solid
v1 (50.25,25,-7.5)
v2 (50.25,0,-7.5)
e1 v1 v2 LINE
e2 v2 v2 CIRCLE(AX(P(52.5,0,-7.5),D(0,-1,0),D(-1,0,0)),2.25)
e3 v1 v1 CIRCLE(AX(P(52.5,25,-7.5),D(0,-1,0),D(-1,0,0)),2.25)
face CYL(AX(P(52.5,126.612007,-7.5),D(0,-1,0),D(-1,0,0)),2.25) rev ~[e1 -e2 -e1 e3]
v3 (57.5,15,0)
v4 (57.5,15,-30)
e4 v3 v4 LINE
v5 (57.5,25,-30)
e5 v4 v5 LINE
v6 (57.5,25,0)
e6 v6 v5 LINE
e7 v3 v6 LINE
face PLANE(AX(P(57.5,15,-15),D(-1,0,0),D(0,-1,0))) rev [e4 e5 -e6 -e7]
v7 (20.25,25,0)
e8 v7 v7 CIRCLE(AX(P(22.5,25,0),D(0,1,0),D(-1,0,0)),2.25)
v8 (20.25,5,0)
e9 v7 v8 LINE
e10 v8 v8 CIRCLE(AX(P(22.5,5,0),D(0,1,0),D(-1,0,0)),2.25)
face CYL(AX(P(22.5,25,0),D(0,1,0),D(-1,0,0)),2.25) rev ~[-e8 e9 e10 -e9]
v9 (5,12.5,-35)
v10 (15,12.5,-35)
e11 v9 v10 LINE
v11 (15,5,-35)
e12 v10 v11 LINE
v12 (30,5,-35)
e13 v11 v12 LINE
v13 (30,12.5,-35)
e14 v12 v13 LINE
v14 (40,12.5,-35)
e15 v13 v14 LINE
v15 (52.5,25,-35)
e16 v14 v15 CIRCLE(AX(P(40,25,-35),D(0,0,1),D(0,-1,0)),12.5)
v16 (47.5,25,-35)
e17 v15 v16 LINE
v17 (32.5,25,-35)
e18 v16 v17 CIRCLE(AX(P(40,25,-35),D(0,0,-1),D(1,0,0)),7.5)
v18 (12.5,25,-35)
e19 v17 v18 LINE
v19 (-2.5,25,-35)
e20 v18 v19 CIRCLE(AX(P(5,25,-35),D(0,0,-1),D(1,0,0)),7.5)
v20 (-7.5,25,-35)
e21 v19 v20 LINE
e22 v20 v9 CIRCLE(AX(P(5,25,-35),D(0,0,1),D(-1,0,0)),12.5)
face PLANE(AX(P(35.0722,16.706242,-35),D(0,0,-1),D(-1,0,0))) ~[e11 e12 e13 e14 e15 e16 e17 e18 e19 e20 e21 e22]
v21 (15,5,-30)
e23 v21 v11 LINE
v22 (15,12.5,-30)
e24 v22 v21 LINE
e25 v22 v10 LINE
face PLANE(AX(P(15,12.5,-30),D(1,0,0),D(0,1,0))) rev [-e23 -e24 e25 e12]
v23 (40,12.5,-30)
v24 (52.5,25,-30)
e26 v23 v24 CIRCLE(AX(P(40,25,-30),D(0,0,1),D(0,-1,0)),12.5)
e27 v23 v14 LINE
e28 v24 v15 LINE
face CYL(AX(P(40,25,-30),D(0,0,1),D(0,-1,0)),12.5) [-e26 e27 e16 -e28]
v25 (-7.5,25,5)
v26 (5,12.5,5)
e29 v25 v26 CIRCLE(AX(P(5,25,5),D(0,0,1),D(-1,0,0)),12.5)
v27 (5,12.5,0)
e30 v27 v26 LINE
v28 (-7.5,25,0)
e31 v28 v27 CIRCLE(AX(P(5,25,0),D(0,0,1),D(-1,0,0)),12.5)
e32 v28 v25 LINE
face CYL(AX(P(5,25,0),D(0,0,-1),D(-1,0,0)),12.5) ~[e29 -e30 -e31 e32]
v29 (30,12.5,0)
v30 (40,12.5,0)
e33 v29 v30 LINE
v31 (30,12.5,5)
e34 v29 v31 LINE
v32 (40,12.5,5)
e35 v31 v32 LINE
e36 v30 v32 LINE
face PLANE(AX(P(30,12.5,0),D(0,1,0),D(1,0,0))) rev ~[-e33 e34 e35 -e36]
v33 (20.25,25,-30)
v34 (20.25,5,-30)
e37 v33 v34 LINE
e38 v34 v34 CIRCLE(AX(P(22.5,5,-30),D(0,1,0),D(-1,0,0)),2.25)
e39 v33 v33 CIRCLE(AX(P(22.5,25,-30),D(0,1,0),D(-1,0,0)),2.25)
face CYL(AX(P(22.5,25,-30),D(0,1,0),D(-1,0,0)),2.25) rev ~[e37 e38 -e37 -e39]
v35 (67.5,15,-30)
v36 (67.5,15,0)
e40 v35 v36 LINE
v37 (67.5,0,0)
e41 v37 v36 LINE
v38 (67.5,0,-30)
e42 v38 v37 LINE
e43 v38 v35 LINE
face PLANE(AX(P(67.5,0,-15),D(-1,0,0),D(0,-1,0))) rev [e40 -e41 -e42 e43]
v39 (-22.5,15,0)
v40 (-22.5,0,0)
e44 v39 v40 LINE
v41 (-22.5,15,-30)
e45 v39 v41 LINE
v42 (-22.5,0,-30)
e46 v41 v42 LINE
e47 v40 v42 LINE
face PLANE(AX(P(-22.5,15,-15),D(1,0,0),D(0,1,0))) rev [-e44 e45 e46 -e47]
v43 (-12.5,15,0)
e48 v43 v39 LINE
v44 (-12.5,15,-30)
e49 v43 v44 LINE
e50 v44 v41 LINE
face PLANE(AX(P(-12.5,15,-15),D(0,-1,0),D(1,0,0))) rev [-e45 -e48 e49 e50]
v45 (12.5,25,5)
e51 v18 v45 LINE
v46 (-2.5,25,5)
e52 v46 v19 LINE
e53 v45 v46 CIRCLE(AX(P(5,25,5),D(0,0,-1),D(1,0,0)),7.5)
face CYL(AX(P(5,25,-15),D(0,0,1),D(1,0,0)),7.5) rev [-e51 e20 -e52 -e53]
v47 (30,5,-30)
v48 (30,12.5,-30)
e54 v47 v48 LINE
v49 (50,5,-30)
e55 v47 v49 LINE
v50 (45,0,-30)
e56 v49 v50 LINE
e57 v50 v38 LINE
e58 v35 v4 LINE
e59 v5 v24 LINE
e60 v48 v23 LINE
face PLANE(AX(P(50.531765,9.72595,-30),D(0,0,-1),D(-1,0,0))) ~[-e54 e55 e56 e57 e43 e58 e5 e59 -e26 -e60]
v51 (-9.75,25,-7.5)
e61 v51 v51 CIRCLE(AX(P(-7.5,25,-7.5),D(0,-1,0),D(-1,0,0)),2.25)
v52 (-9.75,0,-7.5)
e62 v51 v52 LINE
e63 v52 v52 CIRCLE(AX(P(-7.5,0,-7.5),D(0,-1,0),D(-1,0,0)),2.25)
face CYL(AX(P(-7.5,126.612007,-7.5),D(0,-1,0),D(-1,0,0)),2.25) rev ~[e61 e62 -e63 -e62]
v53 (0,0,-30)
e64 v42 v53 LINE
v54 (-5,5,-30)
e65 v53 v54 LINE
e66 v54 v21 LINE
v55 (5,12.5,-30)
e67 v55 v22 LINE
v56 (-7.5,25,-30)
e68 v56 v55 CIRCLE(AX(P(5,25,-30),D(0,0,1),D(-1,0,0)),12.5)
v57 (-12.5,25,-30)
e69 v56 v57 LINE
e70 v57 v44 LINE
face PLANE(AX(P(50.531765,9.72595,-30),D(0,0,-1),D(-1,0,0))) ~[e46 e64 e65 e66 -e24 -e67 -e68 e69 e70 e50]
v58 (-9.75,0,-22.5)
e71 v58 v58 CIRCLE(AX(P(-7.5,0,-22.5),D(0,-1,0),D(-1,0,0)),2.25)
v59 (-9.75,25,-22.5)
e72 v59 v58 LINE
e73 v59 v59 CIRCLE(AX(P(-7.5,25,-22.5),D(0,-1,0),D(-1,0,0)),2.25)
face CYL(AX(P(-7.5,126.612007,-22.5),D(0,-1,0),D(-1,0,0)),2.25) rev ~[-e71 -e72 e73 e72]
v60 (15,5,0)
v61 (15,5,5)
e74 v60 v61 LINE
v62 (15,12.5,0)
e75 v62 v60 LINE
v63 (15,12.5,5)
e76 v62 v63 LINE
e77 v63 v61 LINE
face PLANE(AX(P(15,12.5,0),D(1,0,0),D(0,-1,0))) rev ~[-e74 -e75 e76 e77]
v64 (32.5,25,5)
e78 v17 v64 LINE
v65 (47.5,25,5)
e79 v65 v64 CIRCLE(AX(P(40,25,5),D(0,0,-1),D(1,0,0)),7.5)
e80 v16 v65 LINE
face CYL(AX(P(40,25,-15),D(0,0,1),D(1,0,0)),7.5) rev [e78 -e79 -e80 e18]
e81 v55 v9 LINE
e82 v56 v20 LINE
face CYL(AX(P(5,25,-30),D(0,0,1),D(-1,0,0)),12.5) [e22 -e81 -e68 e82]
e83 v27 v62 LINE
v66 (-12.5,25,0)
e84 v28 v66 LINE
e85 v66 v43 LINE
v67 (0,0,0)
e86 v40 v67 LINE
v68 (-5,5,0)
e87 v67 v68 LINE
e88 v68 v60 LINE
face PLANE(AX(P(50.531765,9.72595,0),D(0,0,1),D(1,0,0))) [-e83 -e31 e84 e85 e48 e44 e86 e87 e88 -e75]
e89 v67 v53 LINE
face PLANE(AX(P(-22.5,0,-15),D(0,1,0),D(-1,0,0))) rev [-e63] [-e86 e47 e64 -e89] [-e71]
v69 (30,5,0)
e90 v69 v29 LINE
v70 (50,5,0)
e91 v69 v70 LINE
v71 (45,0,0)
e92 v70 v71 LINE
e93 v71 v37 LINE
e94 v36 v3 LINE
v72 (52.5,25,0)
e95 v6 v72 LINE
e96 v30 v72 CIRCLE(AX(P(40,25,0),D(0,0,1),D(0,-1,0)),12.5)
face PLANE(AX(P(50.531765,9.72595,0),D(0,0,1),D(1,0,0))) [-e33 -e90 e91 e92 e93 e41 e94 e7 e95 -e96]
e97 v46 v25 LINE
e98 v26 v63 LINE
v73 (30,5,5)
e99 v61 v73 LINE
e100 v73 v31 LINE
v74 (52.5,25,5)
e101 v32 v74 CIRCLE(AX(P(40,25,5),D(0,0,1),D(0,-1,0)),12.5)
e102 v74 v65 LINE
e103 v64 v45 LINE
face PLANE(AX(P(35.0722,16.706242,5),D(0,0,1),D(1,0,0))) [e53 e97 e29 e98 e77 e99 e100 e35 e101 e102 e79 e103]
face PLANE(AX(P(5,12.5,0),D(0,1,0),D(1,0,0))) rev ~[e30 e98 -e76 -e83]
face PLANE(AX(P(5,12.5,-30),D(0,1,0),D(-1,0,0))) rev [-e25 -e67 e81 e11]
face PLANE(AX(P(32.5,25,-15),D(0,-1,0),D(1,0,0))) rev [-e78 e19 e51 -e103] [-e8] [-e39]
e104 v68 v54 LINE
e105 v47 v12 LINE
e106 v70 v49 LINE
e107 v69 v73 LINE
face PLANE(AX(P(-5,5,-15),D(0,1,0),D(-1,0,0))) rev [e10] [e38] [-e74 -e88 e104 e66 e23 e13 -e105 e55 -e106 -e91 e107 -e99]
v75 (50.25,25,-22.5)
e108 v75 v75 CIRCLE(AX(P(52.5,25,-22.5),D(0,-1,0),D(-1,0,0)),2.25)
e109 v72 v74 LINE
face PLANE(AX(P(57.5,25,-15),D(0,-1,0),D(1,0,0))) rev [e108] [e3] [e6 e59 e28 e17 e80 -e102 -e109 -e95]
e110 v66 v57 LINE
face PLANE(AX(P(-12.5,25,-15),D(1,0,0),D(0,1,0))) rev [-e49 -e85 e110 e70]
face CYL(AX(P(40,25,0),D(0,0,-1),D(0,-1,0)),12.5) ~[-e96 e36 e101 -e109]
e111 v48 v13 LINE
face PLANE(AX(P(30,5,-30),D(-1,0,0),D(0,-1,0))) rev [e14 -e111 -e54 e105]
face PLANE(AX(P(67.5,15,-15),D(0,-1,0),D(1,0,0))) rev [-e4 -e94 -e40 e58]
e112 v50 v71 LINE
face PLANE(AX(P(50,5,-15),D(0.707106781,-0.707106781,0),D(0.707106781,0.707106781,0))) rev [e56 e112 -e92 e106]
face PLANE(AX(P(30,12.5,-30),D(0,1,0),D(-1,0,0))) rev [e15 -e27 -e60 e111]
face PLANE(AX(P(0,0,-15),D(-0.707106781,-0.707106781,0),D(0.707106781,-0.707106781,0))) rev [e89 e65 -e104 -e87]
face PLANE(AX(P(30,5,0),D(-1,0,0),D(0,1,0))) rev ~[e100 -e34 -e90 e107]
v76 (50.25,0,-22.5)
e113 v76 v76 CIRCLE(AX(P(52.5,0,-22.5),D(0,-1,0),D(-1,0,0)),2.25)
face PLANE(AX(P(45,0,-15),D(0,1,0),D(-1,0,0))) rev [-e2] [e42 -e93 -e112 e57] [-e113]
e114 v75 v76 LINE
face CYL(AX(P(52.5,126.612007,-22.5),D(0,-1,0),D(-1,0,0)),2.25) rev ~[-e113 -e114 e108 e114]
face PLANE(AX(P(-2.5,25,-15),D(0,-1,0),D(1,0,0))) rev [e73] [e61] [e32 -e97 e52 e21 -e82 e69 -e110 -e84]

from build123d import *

# Parameters (mm, degrees)
BOSS_EXTRUDE1_DEPTH   = 5
BOSS_EXTRUDE2_START   = -15
BOSS_EXTRUDE2_DEPTH   = 15
F_1_0MM_DOWEL_HOLE1_D = 4.5
SKETCH5_R             = 2.25
CUT_EXTRUDE1_DEPTH    = 81.039052968


with BuildPart() as part:
    # Sketch1 → Boss-Extrude1 (new body)
    with BuildSketch(Plane.XY):
        with BuildLine():
            Line((22.5, 25), (22.5, 5))
            Line((22.5, 5), (30, 5))
            Line((30, 5), (30, 12.5))
            Line((30, 12.5), (40, 12.5))
            ThreePointArc((40, 12.5), (48.838834765, 16.161165235), (52.5, 25))
            Line((52.5, 25), (47.5, 25))
            ThreePointArc((47.5, 25), (40, 17.5), (32.5, 25))
            Line((32.5, 25), (22.5, 25))
        make_face()
        with BuildLine():
            Line((15, 12.5), (15, 5))
            Line((15, 5), (22.5, 5))
            Line((22.5, 5), (22.5, 25))
            Line((22.5, 25), (12.5, 25))
            ThreePointArc((12.5, 25), (5, 17.5), (-2.5, 25))
            Line((-2.5, 25), (-7.5, 25))
            ThreePointArc((-7.5, 25), (-3.838834765, 16.161165235), (5, 12.5))
            Line((5, 12.5), (15, 12.5))
        make_face()
    extrude(amount=BOSS_EXTRUDE1_DEPTH)

    # Sketch1<3> → Boss-Extrude2 (add)
    with BuildSketch(Plane.XY.offset(BOSS_EXTRUDE2_START)):
        with BuildLine():
            Line((30, 12.5), (30, 5))
            Line((30, 5), (50, 5))
            Line((50, 5), (45, 0))
            Line((45, 0), (67.5, 0))
            Line((67.5, 0), (67.5, 15))
            Line((67.5, 15), (57.5, 15))
            Line((57.5, 15), (57.5, 25))
            Line((57.5, 25), (52.5, 25))
            ThreePointArc((52.5, 25), (48.838834765, 16.161165235), (40, 12.5))
            Line((40, 12.5), (30, 12.5))
        make_face()
        with BuildLine():
            Line((-22.5, 0), (0, 0))
            Line((0, 0), (-5, 5))
            Line((-5, 5), (15, 5))
            Line((15, 5), (15, 12.5))
            Line((15, 12.5), (5, 12.5))
            ThreePointArc((5, 12.5), (-3.838834765, 16.161165235), (-7.5, 25))
            Line((-7.5, 25), (-12.5, 25))
            Line((-12.5, 25), (-12.5, 15))
            Line((-12.5, 15), (-22.5, 15))
            Line((-22.5, 15), (-22.5, 0))
        make_face()
        with BuildLine():
            Line((15, 12.5), (15, 5))
            Line((15, 5), (22.5, 5))
            Line((22.5, 5), (22.5, 25))
            Line((22.5, 25), (12.5, 25))
            ThreePointArc((12.5, 25), (5, 17.5), (-2.5, 25))
            Line((-2.5, 25), (-7.5, 25))
            ThreePointArc((-7.5, 25), (-3.838834765, 16.161165235), (5, 12.5))
            Line((5, 12.5), (15, 12.5))
        make_face()
        with BuildLine():
            Line((22.5, 25), (22.5, 5))
            Line((22.5, 5), (30, 5))
            Line((30, 5), (30, 12.5))
            Line((30, 12.5), (40, 12.5))
            ThreePointArc((40, 12.5), (48.838834765, 16.161165235), (52.5, 25))
            Line((52.5, 25), (47.5, 25))
            ThreePointArc((47.5, 25), (40, 17.5), (32.5, 25))
            Line((32.5, 25), (22.5, 25))
        make_face()
    extrude(amount=BOSS_EXTRUDE2_DEPTH)

    # Mirror1: part across plane


with BuildPart() as part_1:
    add(part.part)
    add(part.part.mirror(Plane(origin=(0, 0, -15), x_dir=(1, 0, 0), z_dir=(0, 0, -1))))

    # Ø1.0mm Dowel Hole1 (through all)
    with Locations(Plane(origin=(-7.5, 25, -7.5), x_dir=(1, 0, 0), z_dir=(0, 1, 0))):
        with Locations((0, 0), (60, 15), (60, 0), (0, 15)):
            Hole(F_1_0MM_DOWEL_HOLE1_D / 2)

    # Sketch5 → Cut-Extrude1 (cut, through all)
    with BuildSketch(Plane(origin=(0, 25, 0), x_dir=(1, 0, 0), z_dir=(0, 1, 0))):
        with Locations(Location((22.5, 30, 0), (0, 0, 180))):
            Circle(SKETCH5_R)
        with Locations(Location((22.5, 0, 0), (0, 0, 180))):
            Circle(SKETCH5_R)
    extrude(amount=-CUT_EXTRUDE1_DEPTH, mode=Mode.SUBTRACT)


solid = part_1.part
